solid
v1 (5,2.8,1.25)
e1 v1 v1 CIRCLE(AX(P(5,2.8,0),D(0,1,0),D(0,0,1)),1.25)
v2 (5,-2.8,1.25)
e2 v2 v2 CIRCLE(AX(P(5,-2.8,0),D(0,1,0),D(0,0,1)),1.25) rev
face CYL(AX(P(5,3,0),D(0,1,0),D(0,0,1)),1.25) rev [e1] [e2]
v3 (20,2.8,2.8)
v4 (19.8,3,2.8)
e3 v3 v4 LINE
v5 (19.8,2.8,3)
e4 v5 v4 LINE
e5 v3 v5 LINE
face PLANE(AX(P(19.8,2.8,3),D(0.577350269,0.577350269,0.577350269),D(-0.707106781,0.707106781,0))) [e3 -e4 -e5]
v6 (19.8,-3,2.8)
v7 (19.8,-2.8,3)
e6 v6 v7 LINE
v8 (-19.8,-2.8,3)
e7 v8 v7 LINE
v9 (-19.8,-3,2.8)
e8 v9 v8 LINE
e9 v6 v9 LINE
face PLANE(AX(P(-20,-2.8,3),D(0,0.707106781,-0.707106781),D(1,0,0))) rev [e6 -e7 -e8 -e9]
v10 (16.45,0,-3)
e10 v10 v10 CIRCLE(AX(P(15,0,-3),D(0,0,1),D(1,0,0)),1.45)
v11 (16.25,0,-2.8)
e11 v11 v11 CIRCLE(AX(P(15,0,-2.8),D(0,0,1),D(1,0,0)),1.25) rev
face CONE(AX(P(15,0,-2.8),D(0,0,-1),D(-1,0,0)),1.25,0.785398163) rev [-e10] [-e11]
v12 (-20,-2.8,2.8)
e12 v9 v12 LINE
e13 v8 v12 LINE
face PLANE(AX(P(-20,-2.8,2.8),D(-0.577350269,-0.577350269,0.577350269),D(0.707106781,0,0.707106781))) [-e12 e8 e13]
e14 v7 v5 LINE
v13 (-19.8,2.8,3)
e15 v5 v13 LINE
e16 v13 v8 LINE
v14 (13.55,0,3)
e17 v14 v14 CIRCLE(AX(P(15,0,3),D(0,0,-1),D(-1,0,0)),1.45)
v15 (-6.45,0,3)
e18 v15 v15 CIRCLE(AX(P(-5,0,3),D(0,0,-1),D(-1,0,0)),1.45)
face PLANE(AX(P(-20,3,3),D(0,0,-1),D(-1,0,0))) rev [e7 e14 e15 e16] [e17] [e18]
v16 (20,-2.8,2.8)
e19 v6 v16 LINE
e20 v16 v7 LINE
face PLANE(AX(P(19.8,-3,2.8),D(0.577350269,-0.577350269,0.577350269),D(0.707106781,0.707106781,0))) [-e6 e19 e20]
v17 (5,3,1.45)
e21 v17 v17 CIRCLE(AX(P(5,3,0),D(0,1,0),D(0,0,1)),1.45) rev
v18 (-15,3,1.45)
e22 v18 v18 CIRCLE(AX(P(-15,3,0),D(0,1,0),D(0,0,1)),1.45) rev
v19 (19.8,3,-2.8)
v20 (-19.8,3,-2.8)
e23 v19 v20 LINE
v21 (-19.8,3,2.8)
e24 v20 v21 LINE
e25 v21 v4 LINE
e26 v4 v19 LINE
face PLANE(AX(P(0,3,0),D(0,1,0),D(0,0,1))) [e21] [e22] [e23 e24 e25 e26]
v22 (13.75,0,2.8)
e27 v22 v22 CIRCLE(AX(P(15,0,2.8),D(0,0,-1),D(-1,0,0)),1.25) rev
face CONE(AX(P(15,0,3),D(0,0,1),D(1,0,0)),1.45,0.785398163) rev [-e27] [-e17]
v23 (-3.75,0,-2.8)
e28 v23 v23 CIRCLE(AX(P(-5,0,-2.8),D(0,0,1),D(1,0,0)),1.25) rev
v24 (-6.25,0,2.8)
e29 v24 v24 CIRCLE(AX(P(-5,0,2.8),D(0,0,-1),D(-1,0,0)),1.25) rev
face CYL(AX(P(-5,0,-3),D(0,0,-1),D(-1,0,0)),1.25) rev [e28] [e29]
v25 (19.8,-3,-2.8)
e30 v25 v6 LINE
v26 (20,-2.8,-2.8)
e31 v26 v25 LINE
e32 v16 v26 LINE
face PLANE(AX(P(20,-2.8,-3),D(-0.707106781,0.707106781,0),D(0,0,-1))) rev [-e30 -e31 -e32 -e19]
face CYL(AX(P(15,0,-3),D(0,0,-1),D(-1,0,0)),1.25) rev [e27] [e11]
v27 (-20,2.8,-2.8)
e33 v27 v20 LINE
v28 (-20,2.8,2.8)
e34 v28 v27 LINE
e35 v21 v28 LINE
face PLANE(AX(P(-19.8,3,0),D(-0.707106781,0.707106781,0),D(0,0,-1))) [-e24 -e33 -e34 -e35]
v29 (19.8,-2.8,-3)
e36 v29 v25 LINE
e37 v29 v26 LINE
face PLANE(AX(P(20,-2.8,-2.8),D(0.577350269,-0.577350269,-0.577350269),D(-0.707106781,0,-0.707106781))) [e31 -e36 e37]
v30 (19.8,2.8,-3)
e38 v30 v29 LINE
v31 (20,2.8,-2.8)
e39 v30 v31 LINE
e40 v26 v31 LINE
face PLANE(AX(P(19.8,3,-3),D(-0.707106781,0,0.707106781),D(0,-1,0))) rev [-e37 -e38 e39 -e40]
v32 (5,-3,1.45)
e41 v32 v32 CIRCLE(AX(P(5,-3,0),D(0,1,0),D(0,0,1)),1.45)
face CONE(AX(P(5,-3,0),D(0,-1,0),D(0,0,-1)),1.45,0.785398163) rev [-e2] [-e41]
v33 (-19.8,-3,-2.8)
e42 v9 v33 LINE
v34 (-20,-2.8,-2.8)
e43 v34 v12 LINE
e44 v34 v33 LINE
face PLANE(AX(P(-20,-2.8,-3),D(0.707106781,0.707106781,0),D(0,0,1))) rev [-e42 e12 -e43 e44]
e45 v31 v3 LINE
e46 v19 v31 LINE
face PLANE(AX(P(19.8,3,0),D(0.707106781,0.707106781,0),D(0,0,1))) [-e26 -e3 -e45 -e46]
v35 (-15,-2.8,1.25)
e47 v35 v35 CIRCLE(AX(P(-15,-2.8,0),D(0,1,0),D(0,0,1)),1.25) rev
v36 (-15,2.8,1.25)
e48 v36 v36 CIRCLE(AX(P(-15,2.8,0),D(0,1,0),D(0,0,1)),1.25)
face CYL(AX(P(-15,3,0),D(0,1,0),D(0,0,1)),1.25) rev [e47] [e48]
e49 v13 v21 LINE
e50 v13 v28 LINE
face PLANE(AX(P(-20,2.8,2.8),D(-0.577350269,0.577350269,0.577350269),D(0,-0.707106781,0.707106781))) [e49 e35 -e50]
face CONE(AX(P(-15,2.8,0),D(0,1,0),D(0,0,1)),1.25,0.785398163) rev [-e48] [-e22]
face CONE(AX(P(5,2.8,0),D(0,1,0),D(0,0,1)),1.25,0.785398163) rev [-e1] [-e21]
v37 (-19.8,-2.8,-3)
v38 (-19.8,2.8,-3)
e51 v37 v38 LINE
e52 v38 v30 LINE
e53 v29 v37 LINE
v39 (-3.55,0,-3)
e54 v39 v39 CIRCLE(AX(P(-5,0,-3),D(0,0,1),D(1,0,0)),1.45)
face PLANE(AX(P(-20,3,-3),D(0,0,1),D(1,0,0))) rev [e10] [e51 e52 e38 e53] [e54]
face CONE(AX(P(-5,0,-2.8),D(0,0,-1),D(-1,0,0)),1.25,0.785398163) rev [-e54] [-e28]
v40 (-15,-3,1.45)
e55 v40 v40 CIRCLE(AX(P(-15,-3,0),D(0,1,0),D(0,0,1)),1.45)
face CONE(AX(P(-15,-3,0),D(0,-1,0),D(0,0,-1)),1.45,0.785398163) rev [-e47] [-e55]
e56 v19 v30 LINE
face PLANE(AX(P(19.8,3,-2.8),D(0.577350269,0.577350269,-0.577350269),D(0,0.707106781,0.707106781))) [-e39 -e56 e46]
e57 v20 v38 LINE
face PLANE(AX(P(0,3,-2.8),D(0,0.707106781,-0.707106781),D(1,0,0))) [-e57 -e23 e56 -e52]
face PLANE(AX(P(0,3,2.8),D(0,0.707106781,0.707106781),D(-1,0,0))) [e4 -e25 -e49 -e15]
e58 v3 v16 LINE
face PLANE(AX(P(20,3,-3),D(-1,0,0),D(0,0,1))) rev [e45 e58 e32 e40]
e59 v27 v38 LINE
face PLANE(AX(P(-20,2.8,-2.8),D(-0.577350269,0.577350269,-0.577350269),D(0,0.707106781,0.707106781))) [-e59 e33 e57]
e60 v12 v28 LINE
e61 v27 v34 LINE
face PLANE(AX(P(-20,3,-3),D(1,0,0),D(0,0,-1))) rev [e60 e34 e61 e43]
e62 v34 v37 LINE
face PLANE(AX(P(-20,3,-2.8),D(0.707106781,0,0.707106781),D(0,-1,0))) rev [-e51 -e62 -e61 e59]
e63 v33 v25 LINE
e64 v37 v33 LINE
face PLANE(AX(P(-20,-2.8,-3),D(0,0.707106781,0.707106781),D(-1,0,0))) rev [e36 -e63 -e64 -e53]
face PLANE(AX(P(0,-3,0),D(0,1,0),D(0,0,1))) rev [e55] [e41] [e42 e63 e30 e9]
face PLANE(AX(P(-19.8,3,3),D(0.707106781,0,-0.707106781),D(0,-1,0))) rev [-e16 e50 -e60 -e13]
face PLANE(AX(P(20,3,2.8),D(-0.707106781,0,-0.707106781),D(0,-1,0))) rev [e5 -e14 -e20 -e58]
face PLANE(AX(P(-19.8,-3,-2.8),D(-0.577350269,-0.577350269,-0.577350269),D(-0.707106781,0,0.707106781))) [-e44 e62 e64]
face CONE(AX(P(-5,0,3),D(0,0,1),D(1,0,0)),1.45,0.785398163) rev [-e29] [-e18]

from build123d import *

# Parameters (mm, degrees)
SKETCH_1_W         = 40
SKETCH_1_H         = 6
EXTRUDE_1_DEPTH    = 3
HOLE_WIZARD_M3_1_D = 2.5
HOLE_WIZARD_M3_2_D = 2.5
CHAMFER_1_SIZE     = 0.2


with BuildPart() as part:
    # 草图1 → 凸台-拉伸1 (new, symmetric)
    with BuildSketch(Plane(origin=(0, 0, 0), x_dir=(1, 0, 0), z_dir=(0, 1, 0))):
        Rectangle(SKETCH_1_W, SKETCH_1_H)
    extrude(amount=EXTRUDE_1_DEPTH, both=True)

    # M3 螺纹孔1 (through all)
    with Locations(Plane(origin=(0, 3, 0), x_dir=(1, 0, 0), z_dir=(0, 1, 0))):
        with Locations((-15, 0), (5, 0)):
            Hole(HOLE_WIZARD_M3_1_D / 2)

    # M3 螺纹孔2 (through all)
    with Locations(Plane(origin=(0, 0, -3), x_dir=(-1, 0, 0), z_dir=(0, 0, -1))):
        with Locations((-15, 0), (5, 0)):
            Hole(HOLE_WIZARD_M3_2_D / 2)

    # 倒角1
    chamfer_1_edges = [part.edges().sort_by_distance(p)[0] for p in [
        (-20, 3, 0),
        (6.25, 3, 0),
        (6.25, -3, 0),
        (0, 3, 3),
        (-13.75, 3, 0),
        (-13.75, -3, 0),
        (-6.25, 0, -3),
        (-6.25, 0, 3),
        (13.75, 0, -3),
        (13.75, 0, 3),
        (20, 3, 0),
        (0, -3, 3),
        (-20, -3, 0),
        (0, -3, -3),
        (20, -3, 0),
        (20, 0, 3),
        (-20, 0, 3),
        (-20, 0, -3),
        (20, 0, -3),
        (0, 3, -3),
    ]]
    chamfer(chamfer_1_edges, length=CHAMFER_1_SIZE)


solid = part.part
